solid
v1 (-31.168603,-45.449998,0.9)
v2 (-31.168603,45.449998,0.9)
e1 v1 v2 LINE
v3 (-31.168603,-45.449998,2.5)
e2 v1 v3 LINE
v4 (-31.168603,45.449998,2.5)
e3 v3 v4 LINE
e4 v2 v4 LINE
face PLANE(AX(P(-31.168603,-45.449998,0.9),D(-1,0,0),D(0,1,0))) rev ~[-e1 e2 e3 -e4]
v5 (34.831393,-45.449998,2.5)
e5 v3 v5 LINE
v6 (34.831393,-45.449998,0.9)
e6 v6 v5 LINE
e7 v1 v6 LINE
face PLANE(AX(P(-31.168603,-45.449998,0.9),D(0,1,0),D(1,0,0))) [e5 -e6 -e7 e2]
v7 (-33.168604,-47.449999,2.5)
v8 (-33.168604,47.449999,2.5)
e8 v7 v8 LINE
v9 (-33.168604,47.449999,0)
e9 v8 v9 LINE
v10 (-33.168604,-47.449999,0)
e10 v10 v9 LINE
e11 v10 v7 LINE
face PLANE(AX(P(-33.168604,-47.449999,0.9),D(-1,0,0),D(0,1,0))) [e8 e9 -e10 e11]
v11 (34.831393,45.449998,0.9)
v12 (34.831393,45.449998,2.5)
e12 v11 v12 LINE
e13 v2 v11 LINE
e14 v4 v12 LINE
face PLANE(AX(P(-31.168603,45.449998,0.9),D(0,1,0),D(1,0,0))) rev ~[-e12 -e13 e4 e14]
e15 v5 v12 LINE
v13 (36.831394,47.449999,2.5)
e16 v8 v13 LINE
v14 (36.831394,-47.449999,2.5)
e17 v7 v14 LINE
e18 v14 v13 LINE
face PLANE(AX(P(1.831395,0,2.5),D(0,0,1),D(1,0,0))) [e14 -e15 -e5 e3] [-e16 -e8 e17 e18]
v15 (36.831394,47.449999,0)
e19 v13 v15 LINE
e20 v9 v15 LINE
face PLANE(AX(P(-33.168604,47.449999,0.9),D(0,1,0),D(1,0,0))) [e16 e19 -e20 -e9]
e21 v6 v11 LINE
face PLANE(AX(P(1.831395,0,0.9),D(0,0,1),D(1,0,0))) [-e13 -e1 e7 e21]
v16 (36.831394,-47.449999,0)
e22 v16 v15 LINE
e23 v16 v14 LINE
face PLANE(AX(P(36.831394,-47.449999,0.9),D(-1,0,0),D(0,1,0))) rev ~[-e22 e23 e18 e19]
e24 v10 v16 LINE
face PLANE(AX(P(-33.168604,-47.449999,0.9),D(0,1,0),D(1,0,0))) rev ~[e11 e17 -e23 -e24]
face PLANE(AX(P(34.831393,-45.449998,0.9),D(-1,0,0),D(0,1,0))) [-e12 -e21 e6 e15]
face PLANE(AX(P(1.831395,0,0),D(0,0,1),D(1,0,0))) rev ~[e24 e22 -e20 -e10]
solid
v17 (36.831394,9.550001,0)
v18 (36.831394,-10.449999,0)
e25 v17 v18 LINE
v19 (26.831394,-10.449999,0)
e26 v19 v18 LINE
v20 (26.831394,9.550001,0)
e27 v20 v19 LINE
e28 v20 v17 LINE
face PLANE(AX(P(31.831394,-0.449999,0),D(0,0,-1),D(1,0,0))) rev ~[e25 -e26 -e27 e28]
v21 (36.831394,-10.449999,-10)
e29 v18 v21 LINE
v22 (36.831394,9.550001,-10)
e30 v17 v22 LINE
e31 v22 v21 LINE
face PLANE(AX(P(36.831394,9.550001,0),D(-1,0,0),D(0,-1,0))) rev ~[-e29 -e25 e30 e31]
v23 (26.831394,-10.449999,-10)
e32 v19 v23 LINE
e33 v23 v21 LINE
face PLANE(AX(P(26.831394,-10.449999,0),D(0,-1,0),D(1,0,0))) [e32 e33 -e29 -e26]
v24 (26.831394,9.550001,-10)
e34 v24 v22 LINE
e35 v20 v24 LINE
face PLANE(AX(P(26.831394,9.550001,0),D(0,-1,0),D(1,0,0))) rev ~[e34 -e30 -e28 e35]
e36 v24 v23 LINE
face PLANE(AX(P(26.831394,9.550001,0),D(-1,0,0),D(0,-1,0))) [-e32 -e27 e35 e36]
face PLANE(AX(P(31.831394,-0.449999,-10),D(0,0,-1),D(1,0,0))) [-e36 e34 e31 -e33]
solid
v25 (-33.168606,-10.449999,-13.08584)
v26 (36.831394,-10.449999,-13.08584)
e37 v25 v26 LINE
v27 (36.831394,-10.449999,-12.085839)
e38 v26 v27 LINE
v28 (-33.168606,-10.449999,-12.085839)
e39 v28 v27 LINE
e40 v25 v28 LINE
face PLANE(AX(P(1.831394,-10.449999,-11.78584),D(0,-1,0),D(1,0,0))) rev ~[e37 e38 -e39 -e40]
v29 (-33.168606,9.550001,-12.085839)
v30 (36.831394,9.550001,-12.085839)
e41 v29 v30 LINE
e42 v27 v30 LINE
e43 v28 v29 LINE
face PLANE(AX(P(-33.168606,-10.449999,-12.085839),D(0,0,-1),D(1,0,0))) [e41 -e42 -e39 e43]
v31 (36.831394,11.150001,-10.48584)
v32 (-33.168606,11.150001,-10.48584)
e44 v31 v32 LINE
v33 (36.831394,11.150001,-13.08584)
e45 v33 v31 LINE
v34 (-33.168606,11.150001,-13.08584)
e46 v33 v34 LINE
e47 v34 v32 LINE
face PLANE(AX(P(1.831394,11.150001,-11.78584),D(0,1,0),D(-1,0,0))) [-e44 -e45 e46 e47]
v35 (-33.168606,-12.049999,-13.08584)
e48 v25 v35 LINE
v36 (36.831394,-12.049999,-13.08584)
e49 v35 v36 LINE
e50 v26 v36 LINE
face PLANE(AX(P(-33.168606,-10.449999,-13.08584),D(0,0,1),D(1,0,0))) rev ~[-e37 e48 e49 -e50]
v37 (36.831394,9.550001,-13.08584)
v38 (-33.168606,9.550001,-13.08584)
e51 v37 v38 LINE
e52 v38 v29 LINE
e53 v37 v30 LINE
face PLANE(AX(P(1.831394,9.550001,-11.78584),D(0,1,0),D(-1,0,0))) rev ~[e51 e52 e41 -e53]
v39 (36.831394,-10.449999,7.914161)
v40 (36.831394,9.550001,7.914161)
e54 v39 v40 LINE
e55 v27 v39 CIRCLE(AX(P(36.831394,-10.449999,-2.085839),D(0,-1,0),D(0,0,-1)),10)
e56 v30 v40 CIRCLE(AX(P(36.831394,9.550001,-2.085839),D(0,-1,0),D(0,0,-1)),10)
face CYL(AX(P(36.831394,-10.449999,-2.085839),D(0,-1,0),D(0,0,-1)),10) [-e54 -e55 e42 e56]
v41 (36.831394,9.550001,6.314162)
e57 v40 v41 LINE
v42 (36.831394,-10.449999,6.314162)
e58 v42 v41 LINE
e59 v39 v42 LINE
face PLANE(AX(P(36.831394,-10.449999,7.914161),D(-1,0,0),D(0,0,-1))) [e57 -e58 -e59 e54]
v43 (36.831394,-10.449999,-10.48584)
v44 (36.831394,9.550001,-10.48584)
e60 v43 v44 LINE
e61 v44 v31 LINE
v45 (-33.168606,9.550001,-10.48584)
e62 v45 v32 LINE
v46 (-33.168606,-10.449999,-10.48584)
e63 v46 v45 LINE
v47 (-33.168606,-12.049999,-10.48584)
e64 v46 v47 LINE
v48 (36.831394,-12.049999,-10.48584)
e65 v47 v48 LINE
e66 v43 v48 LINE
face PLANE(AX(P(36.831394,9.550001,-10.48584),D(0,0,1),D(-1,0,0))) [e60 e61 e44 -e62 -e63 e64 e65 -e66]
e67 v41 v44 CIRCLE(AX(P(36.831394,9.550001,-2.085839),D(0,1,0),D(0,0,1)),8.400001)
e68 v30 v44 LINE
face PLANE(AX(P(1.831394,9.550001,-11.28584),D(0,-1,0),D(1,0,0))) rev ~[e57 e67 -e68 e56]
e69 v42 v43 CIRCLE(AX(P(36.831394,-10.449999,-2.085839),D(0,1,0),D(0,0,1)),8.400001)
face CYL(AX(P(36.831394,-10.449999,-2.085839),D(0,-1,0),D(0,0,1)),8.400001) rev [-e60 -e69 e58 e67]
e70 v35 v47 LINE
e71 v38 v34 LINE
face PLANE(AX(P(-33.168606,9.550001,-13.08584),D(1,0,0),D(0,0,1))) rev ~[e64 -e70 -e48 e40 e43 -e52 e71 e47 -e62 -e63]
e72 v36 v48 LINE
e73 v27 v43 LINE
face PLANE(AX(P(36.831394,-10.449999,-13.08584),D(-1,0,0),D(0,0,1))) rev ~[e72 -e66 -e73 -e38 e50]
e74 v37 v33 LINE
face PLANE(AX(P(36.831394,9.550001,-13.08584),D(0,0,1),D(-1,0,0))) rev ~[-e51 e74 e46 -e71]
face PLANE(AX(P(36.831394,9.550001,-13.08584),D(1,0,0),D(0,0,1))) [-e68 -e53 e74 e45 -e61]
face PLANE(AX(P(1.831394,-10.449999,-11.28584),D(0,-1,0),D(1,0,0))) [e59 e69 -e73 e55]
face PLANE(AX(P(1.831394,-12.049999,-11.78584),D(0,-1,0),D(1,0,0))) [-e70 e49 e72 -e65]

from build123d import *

# Parameters (mm, degrees)
F0_W      = 69.9999971151
F0_H      = 94.8999971151
F0_W_2    = 66
F0_H_2    = 90.9
F1_DEPTH  = 0.9
F2_W      = 69.9999971151
F2_H      = 94.8999971151
F2_W_2    = 65.9999964595
F2_H_2    = 90.8999964595
F3_DEPTH  = 1.6
F4_W      = 10
F4_H      = 20
F5_DEPTH  = 10
F6_W      = 70
F6_H      = 1.5999990573
F7_DEPTH  = 20
F8_W      = 70
F8_H      = 2.6
F9_DEPTH  = 1.6
F10_W     = 70
F10_H     = 2.6
F11_DEPTH = 1.6


with BuildPart() as f1:
    # F0 (on Top) → F1 (new body)
    with BuildSketch(Plane.XY):
        with Locations((1.8313949695, 0)):
            Rectangle(F0_W, F0_H)
        with Locations((1.8313949695, 0)):
            Rectangle(F0_W_2, F0_H_2, mode=Mode.SUBTRACT)
        with Locations((1.8313949695, 0)):
            Rectangle(F0_W_2, F0_H_2)
    extrude(amount=F1_DEPTH)

    # F2 (on face) → F3 (join)
    with BuildSketch(Plane.XY.offset(0.9)):
        with Locations((1.8313949695, 0)):
            Rectangle(F2_W, F2_H)
        with Locations((1.8313949695, 0)):
            Rectangle(F2_W_2, F2_H_2, mode=Mode.SUBTRACT)
    extrude(amount=F3_DEPTH)


with BuildPart() as f5:
    # F4 (on face) → F5 (new body)
    with BuildSketch(Plane(origin=(0, 0, 0), x_dir=(1, 0, 0), z_dir=(0, 0, -1))):
        with Locations((31.8313935271, 0.4499985576)):
            Rectangle(F4_W, F4_H)
    extrude(amount=F5_DEPTH)


with BuildPart() as f7:
    # F6 (on face) → F7 (new body)
    with BuildSketch(Plane.XZ.offset(10.4499985576)):
        with Locations((1.8313935271, -11.2858397096)):
            Rectangle(F6_W, F6_H)
        with BuildLine():
            Line((36.8313935271, -10.4858401809), (36.8313935271, -12.0858392382))
            ThreePointArc((36.8313935271, -12.0858392382), (46.8313935271, -2.0858392382), (36.8313935271, 7.9141607618))
            Line((36.8313935271, 7.9141607618), (36.8313935271, 6.3141617044))
            ThreePointArc((36.8313935271, 6.3141617044), (45.2313944697, -2.0858392382), (36.8313935271, -10.4858401809))
        make_face()
    extrude(amount=-F7_DEPTH)

    # F8 (on face) → F9 (join)
    with BuildSketch(Plane.XZ.offset(10.4499985576)):
        with Locations((1.8313935271, -11.7858401809)):
            Rectangle(F8_W, F8_H)
    extrude(amount=F9_DEPTH)

    # F10 (on face) → F11 (join)
    with BuildSketch(Plane(origin=(0, 9.5500014424, 0), x_dir=(-1, 0, 0), z_dir=(0, 1, 0))):
        with Locations((-1.8313935271, -11.7858401809)):
            Rectangle(F10_W, F10_H)
    extrude(amount=F11_DEPTH)


solid = Compound([f1.part, f5.part, f7.part])
